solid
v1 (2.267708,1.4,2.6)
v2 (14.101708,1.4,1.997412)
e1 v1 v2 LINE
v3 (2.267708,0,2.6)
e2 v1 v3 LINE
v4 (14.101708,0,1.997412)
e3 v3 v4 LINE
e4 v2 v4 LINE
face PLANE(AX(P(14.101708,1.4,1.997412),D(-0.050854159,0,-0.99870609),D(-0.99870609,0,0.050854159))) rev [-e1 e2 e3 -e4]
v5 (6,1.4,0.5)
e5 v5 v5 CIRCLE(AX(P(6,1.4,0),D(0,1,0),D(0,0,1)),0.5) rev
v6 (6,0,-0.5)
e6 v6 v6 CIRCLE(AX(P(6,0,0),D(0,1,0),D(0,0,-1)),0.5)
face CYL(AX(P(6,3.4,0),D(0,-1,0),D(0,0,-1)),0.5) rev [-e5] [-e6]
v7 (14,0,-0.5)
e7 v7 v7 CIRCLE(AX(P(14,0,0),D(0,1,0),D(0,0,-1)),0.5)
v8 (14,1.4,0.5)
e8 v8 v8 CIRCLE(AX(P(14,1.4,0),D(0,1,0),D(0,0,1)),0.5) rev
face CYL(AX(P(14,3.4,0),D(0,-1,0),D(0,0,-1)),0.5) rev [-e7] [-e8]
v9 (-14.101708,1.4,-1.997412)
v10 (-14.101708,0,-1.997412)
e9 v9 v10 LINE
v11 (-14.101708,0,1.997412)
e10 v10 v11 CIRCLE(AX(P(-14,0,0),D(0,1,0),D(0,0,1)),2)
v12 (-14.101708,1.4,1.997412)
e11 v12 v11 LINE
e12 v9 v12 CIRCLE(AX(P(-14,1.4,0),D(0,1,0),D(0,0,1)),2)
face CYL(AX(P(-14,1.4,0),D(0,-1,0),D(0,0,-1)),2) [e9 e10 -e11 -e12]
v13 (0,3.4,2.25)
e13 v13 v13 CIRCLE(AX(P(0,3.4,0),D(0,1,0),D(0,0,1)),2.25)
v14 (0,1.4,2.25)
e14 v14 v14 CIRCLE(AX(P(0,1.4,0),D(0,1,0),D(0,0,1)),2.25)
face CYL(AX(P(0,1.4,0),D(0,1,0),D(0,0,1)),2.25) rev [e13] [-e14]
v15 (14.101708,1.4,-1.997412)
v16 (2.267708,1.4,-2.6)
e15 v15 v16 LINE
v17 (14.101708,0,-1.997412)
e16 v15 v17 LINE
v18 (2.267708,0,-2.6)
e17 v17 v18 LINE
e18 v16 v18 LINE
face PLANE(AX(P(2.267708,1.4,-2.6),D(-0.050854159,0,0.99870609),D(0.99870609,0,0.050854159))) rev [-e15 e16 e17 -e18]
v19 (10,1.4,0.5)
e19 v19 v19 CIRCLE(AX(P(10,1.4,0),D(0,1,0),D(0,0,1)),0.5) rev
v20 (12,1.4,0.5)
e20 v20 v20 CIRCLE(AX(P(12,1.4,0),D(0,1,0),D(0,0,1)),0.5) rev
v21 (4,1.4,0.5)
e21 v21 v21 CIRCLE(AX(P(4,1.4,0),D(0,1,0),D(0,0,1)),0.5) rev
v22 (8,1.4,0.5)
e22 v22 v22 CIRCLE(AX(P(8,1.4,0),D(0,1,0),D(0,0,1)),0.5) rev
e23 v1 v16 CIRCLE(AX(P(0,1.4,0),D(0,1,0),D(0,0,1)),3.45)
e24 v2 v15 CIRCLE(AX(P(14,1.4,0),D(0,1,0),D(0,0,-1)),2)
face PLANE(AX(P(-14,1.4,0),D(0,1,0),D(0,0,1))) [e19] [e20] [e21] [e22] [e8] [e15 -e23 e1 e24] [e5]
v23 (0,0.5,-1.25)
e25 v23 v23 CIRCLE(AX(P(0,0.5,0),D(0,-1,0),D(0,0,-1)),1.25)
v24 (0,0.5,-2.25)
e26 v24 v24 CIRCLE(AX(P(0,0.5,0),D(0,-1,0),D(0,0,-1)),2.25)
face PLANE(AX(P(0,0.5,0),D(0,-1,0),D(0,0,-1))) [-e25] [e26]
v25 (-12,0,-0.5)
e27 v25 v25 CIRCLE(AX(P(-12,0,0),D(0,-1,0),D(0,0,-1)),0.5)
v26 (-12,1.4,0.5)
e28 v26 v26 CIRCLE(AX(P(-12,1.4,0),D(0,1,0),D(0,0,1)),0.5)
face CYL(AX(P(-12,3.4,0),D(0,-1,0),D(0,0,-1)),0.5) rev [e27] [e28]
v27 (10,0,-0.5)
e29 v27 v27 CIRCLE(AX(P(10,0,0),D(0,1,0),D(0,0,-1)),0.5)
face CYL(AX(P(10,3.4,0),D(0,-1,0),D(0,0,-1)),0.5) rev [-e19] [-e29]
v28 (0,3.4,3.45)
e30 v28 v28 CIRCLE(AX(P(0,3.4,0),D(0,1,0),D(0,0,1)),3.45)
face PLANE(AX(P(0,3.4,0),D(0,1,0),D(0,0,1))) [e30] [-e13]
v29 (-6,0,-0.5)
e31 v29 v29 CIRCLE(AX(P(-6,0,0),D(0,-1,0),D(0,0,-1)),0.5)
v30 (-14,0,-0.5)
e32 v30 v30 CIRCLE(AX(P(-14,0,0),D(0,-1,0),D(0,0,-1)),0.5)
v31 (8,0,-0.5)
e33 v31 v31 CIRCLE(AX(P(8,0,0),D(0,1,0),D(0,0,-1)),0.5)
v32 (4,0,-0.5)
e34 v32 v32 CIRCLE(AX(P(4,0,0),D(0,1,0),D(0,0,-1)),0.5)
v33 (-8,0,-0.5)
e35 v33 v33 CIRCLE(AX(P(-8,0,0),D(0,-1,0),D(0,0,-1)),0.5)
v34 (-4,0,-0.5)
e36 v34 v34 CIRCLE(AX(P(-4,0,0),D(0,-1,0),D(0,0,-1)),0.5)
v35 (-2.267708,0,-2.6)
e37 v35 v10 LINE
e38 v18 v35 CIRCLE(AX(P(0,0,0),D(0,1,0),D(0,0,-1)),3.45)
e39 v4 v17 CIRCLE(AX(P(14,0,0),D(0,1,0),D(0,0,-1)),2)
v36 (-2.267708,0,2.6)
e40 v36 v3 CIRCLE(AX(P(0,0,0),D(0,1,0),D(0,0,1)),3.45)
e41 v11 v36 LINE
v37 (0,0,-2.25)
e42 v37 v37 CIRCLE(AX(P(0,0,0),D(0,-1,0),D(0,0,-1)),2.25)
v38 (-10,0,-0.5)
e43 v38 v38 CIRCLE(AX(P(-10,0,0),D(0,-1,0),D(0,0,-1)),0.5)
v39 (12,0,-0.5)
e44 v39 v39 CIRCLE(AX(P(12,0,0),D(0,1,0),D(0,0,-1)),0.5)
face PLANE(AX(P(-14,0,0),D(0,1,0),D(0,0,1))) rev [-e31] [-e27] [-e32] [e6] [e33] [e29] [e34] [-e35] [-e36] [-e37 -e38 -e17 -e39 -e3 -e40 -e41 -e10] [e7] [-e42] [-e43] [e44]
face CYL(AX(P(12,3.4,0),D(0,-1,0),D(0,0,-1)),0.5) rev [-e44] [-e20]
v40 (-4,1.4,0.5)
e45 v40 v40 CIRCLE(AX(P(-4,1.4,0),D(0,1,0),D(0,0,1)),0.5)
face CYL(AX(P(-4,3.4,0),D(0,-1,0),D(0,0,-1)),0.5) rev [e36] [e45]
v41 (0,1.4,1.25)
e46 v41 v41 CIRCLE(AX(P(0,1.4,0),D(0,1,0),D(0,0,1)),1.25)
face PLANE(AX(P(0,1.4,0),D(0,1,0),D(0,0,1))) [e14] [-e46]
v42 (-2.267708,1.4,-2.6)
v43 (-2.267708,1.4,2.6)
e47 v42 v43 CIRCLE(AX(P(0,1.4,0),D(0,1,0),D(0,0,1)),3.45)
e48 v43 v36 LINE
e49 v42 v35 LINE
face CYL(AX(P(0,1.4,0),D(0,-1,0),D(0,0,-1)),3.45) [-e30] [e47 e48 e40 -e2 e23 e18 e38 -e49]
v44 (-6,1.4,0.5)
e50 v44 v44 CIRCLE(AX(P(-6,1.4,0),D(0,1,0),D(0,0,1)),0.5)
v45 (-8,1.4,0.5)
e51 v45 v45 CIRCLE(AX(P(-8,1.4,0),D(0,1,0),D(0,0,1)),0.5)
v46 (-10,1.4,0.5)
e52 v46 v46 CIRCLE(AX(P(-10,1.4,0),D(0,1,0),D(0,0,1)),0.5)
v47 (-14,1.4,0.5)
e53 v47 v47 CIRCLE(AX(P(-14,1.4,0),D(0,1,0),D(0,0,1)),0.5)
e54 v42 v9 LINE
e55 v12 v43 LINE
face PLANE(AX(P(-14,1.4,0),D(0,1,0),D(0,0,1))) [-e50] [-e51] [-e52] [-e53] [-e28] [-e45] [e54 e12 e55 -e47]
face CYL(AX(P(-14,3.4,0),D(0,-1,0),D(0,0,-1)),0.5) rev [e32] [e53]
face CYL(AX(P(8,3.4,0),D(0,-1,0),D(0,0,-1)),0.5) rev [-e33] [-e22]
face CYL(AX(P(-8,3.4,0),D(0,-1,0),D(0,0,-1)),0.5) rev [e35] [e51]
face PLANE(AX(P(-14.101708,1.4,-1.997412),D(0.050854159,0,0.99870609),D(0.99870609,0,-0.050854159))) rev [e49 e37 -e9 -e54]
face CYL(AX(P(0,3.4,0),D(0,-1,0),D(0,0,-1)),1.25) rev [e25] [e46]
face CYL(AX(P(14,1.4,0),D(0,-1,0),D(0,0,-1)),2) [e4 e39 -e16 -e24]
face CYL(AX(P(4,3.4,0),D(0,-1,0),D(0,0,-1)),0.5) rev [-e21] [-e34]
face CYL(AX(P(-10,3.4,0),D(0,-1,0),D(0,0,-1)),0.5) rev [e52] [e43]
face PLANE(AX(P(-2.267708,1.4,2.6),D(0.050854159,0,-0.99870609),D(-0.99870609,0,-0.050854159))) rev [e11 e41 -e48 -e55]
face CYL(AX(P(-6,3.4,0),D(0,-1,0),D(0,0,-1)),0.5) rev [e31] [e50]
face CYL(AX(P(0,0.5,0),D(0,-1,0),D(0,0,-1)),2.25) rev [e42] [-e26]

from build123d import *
from build123d.topology import SkipClean

# Parameters (mm, degrees)
RESSALTO_EXTRUS_O1_DEPTH = 1.4
ESBO_O2_R                = 3.45
RESSALTO_EXTRUS_O2_DEPTH = 2
ESBO_O3_R                = 2.25
CORTE_EXTRUS_O1_DEPTH    = 2
CORTE_EXTRUS_O2_START    = -0.5
ESBO_O4_R                = 2.25
CORTE_EXTRUS_O2_DEPTH    = 0.5
ESBO_O5_R                = 1.25
CORTE_EXTRUS_O3_DEPTH    = 17.62265021
ESBO_O6_R                = 0.5
CORTE_EXTRUS_O4_DEPTH    = 17.717131931


with BuildPart() as part:
    # Esboço1 → Ressalto-extrusão1 (new body)
    with BuildSketch(Plane(origin=(0, 0, 0), x_dir=(1, 0, 0), z_dir=(0, 1, 0))):
        with BuildLine():
            Line((-14.101708317, 1.99741218), (-2.267708094, 2.6))
            ThreePointArc((-2.267708094, 2.6), (0, 3.45), (2.267708094, 2.6))
            Line((2.267708094, 2.6), (14.101708317, 1.99741218))
            ThreePointArc((14.101708317, 1.99741218), (16, 0), (14.101708317, -1.99741218))
            Line((14.101708317, -1.99741218), (2.267708094, -2.6))
            ThreePointArc((2.267708094, -2.6), (0, -3.45), (-2.267708094, -2.6))
            Line((-2.267708094, -2.6), (-14.101708317, -1.99741218))
            ThreePointArc((-14.101708317, -1.99741218), (-16, 0), (-14.101708317, 1.99741218))
        make_face()
    extrude(amount=RESSALTO_EXTRUS_O1_DEPTH)

    # Esboço2 → Ressalto-extrusão2 (add)
    with SkipClean():  # the faces are left unmerged after this step: merging them gives an invalid solid
        with BuildSketch(Plane(origin=(0, 1.4, 0), x_dir=(1, 0, 0), z_dir=(0, 1, 0))):
            with Locations(Location((0, 0, 0), (0, 0, 48.905212005))):
                Circle(ESBO_O2_R)
        extrude(amount=RESSALTO_EXTRUS_O2_DEPTH)

    # Esboço3 → Corte-extrusão1 (cut)
    with SkipClean():  # the faces are left unmerged after this step: merging them gives an invalid solid
        with BuildSketch(Plane(origin=(0, 3.4, 0), x_dir=(1, 0, 0), z_dir=(0, 1, 0))):
            with Locations(Location((0, 0, 0), (0, 0, 270))):
                Circle(ESBO_O3_R)
        extrude(amount=-CORTE_EXTRUS_O1_DEPTH, mode=Mode.SUBTRACT)

    # Esboço4 → Corte-extrusão2 (cut)
    with SkipClean():  # the faces are left unmerged after this step: merging them gives an invalid solid
        with BuildSketch(Plane.XZ.offset(CORTE_EXTRUS_O2_START)):
            with Locations(Location((0, 0, 0), (0, 0, 90))):
                Circle(ESBO_O4_R)
        extrude(amount=CORTE_EXTRUS_O2_DEPTH, mode=Mode.SUBTRACT)

    # Esboço5 → Corte-extrusão3 (cut, through all)
    with SkipClean():  # the faces are left unmerged after this step: merging them gives an invalid solid
        with BuildSketch(Plane.XZ.offset(-0.5)):
            with Locations(Location((0, 0, 0), (0, 0, 270))):
                Circle(ESBO_O5_R)
        extrude(amount=-CORTE_EXTRUS_O3_DEPTH, mode=Mode.SUBTRACT)

    # Esboço6 → Corte-extrusão4 (cut, through all)
    with SkipClean():  # the faces are left unmerged after this step: merging them gives an invalid solid
        with BuildSketch(Plane.XZ):
            with Locations(Location((-4, 0, 0), (0, 0, 270))):
                Circle(ESBO_O6_R)
            with Locations(Location((-6, 0, 0), (0, 0, 270))):
                Circle(ESBO_O6_R)
            with Locations(Location((-8, 0, 0), (0, 0, 270))):
                Circle(ESBO_O6_R)
            with Locations(Location((-10, 0, 0), (0, 0, 270))):
                Circle(ESBO_O6_R)
            with Locations(Location((-12, 0, 0), (0, 0, 270))):
                Circle(ESBO_O6_R)
            with Locations(Location((-14, 0, 0), (0, 0, 270))):
                Circle(ESBO_O6_R)
        corte_extrus_o4 = extrude(amount=-CORTE_EXTRUS_O4_DEPTH, mode=Mode.SUBTRACT)

    # Espelhar1: Corte-extrusão4 across plane
    with SkipClean():  # the faces are left unmerged after this step: merging them gives an invalid solid
        add(corte_extrus_o4.mirror(Plane(origin=(0, 0, 0), x_dir=(0, 0, 1), z_dir=(1, 0, 0))), mode=Mode.SUBTRACT)


solid = part.part
